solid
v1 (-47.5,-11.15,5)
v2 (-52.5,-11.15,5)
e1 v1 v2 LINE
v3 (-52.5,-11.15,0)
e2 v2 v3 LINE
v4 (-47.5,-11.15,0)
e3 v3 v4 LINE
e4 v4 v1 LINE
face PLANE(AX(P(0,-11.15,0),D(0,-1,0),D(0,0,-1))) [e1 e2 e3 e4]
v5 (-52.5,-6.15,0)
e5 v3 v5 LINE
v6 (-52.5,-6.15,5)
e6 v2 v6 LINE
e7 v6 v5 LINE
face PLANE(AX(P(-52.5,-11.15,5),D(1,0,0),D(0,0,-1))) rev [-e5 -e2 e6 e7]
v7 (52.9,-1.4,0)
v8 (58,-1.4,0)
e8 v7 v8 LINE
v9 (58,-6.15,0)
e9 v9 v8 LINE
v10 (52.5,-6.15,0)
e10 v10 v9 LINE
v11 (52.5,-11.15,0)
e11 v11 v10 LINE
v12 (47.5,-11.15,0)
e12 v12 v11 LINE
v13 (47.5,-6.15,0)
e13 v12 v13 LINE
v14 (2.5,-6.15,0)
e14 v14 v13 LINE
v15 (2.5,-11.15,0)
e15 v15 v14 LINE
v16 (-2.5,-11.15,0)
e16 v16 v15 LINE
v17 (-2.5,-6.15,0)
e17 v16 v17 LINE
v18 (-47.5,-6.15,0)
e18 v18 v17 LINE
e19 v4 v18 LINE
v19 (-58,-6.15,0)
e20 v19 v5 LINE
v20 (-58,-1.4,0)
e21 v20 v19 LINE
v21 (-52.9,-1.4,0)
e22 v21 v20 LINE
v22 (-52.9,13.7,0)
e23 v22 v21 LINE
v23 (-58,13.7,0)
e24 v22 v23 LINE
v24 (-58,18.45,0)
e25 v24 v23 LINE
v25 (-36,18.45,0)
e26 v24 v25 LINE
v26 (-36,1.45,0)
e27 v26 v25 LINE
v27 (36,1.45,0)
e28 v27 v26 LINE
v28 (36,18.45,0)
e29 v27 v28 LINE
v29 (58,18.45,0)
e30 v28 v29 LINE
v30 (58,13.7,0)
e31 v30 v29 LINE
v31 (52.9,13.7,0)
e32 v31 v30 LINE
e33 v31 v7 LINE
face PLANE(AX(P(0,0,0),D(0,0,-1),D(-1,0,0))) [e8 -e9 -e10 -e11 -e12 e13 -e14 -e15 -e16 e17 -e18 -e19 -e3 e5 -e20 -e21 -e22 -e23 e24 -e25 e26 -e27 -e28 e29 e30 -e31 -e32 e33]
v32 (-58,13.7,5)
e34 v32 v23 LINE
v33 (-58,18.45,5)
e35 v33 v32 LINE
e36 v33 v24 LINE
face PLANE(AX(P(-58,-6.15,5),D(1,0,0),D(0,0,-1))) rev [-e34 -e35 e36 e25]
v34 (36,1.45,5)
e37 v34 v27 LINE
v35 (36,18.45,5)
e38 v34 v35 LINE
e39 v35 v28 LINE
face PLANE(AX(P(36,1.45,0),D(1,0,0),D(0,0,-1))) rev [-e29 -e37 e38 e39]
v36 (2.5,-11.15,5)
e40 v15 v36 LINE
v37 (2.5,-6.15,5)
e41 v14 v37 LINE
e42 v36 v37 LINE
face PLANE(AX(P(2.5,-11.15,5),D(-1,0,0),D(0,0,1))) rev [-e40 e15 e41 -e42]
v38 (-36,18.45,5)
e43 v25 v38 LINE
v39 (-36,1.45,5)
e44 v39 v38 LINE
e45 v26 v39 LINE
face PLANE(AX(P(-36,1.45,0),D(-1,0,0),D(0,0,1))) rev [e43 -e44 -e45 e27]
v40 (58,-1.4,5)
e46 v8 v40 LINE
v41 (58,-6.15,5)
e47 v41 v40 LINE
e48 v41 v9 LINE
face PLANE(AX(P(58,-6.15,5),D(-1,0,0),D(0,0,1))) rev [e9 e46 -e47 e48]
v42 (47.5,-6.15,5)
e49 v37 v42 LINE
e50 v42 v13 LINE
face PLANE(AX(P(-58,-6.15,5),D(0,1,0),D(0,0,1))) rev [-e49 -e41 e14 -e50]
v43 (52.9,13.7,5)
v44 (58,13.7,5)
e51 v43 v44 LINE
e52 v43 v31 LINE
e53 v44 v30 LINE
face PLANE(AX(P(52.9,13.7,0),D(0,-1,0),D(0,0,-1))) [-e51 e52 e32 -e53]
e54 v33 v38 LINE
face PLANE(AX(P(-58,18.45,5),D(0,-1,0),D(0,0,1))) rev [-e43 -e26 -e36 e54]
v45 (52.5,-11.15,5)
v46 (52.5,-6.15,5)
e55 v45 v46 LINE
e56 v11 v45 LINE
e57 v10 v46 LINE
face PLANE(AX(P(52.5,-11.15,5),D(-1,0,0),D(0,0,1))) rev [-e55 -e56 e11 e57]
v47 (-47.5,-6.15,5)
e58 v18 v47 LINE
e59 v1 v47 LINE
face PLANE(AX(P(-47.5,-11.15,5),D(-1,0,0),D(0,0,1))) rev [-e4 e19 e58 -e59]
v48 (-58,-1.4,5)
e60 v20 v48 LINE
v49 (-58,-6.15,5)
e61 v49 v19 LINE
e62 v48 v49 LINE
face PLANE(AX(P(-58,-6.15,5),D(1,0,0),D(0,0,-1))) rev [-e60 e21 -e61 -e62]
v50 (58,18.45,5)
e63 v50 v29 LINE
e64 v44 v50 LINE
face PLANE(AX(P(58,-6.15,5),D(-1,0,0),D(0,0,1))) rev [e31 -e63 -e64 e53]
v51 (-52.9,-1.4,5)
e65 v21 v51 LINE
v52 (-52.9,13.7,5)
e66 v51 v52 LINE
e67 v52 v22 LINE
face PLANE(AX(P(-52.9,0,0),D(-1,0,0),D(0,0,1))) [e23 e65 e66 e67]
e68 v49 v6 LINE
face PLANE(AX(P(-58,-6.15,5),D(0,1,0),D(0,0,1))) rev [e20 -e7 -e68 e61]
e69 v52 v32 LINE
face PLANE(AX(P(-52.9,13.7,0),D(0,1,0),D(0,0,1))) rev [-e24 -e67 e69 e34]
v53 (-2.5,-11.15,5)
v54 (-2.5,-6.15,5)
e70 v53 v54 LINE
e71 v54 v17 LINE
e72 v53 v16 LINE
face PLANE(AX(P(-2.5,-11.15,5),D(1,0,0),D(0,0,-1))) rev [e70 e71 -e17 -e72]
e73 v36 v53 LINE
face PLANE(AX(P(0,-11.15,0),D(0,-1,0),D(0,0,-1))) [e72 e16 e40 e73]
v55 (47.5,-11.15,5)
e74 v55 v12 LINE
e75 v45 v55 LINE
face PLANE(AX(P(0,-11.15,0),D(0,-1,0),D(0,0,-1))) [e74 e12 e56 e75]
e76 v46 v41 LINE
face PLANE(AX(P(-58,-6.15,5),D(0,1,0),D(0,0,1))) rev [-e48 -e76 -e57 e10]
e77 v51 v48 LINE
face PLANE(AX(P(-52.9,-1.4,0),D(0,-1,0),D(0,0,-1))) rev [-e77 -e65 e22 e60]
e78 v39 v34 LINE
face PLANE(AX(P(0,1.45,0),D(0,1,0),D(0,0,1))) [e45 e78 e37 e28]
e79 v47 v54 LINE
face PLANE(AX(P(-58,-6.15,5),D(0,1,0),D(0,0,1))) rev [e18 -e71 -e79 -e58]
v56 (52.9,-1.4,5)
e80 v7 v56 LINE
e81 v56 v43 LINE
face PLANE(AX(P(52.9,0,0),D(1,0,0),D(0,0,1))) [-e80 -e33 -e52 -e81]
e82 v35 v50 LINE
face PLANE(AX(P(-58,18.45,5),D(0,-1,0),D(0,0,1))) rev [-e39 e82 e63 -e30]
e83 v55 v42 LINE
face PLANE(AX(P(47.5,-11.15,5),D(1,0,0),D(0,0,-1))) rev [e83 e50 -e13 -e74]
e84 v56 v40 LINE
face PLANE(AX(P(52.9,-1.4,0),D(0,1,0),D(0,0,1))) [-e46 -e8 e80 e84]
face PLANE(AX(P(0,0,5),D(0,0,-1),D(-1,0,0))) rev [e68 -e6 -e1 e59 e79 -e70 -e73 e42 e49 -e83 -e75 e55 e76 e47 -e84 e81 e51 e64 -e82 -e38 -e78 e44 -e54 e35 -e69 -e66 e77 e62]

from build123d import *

# Parameters (mm, degrees)
SKETCH1_W           = 116
SKETCH1_H           = 12.3
BOSS_EXTRUDE1_DEPTH = 5
SKETCH2_W           = 5
SKETCH2_H           = 5
BOSS_EXTRUDE2_DEPTH = 5
SKETCH3_W           = 72
SKETCH3_H           = 5
CUT_EXTRUDE1_DEPTH  = 17
SKETCH4_W           = 5
SKETCH4_H           = 5
BOSS_EXTRUDE3_DEPTH = 5
SKETCH5_W           = 5
SKETCH5_H           = 15.1
CUT_EXTRUDE2_DEPTH  = 5.1


with BuildPart() as part:
    # Sketch1 → Boss-Extrude1 (new body)
    with BuildSketch(Plane.XY):
        Rectangle(SKETCH1_W, SKETCH1_H)
    extrude(amount=BOSS_EXTRUDE1_DEPTH)

    # Mirror1: part across plane


with BuildPart() as part_1:
    add(part.part)
    add(part.part.mirror(Plane(origin=(-58, 6.15, 5), x_dir=(0, 0, 1), z_dir=(0, -1, 0))))

    # Sketch2 → Boss-Extrude2 (add)
    with BuildSketch(Plane.XZ.offset(6.15)):
        with Locations((-50, 2.5)):
            Rectangle(SKETCH2_W, SKETCH2_H)
        with Locations((50, 2.5)):
            Rectangle(SKETCH2_W, SKETCH2_H)
    extrude(amount=BOSS_EXTRUDE2_DEPTH)

    # Sketch3 → Cut-Extrude1 (cut)
    with BuildSketch(Plane(origin=(0, 18.45, 0), x_dir=(1, 0, 0), z_dir=(0, 1, 0))):
        with Locations((0, -2.5)):
            Rectangle(SKETCH3_W, SKETCH3_H)
    extrude(amount=-CUT_EXTRUDE1_DEPTH, mode=Mode.SUBTRACT)

    # Sketch4 → Boss-Extrude3 (add)
    with BuildSketch(Plane.XZ.offset(6.15)):
        with Locations((0, 2.5)):
            Rectangle(SKETCH4_W, SKETCH4_H)
    extrude(amount=BOSS_EXTRUDE3_DEPTH)

    # Sketch5 → Cut-Extrude2 (cut)
    with BuildSketch(Plane.ZY.offset(58)):
        with Locations((2.5, 6.15)):
            Rectangle(SKETCH5_W, SKETCH5_H)
    cut_extrude2 = extrude(amount=-CUT_EXTRUDE2_DEPTH, mode=Mode.SUBTRACT)

    # Mirror2: Cut-Extrude2 across plane
    add(cut_extrude2.mirror(Plane(origin=(0, 0, 0), x_dir=(0, 0, 1), z_dir=(1, 0, 0))), mode=Mode.SUBTRACT)


solid = part_1.part
